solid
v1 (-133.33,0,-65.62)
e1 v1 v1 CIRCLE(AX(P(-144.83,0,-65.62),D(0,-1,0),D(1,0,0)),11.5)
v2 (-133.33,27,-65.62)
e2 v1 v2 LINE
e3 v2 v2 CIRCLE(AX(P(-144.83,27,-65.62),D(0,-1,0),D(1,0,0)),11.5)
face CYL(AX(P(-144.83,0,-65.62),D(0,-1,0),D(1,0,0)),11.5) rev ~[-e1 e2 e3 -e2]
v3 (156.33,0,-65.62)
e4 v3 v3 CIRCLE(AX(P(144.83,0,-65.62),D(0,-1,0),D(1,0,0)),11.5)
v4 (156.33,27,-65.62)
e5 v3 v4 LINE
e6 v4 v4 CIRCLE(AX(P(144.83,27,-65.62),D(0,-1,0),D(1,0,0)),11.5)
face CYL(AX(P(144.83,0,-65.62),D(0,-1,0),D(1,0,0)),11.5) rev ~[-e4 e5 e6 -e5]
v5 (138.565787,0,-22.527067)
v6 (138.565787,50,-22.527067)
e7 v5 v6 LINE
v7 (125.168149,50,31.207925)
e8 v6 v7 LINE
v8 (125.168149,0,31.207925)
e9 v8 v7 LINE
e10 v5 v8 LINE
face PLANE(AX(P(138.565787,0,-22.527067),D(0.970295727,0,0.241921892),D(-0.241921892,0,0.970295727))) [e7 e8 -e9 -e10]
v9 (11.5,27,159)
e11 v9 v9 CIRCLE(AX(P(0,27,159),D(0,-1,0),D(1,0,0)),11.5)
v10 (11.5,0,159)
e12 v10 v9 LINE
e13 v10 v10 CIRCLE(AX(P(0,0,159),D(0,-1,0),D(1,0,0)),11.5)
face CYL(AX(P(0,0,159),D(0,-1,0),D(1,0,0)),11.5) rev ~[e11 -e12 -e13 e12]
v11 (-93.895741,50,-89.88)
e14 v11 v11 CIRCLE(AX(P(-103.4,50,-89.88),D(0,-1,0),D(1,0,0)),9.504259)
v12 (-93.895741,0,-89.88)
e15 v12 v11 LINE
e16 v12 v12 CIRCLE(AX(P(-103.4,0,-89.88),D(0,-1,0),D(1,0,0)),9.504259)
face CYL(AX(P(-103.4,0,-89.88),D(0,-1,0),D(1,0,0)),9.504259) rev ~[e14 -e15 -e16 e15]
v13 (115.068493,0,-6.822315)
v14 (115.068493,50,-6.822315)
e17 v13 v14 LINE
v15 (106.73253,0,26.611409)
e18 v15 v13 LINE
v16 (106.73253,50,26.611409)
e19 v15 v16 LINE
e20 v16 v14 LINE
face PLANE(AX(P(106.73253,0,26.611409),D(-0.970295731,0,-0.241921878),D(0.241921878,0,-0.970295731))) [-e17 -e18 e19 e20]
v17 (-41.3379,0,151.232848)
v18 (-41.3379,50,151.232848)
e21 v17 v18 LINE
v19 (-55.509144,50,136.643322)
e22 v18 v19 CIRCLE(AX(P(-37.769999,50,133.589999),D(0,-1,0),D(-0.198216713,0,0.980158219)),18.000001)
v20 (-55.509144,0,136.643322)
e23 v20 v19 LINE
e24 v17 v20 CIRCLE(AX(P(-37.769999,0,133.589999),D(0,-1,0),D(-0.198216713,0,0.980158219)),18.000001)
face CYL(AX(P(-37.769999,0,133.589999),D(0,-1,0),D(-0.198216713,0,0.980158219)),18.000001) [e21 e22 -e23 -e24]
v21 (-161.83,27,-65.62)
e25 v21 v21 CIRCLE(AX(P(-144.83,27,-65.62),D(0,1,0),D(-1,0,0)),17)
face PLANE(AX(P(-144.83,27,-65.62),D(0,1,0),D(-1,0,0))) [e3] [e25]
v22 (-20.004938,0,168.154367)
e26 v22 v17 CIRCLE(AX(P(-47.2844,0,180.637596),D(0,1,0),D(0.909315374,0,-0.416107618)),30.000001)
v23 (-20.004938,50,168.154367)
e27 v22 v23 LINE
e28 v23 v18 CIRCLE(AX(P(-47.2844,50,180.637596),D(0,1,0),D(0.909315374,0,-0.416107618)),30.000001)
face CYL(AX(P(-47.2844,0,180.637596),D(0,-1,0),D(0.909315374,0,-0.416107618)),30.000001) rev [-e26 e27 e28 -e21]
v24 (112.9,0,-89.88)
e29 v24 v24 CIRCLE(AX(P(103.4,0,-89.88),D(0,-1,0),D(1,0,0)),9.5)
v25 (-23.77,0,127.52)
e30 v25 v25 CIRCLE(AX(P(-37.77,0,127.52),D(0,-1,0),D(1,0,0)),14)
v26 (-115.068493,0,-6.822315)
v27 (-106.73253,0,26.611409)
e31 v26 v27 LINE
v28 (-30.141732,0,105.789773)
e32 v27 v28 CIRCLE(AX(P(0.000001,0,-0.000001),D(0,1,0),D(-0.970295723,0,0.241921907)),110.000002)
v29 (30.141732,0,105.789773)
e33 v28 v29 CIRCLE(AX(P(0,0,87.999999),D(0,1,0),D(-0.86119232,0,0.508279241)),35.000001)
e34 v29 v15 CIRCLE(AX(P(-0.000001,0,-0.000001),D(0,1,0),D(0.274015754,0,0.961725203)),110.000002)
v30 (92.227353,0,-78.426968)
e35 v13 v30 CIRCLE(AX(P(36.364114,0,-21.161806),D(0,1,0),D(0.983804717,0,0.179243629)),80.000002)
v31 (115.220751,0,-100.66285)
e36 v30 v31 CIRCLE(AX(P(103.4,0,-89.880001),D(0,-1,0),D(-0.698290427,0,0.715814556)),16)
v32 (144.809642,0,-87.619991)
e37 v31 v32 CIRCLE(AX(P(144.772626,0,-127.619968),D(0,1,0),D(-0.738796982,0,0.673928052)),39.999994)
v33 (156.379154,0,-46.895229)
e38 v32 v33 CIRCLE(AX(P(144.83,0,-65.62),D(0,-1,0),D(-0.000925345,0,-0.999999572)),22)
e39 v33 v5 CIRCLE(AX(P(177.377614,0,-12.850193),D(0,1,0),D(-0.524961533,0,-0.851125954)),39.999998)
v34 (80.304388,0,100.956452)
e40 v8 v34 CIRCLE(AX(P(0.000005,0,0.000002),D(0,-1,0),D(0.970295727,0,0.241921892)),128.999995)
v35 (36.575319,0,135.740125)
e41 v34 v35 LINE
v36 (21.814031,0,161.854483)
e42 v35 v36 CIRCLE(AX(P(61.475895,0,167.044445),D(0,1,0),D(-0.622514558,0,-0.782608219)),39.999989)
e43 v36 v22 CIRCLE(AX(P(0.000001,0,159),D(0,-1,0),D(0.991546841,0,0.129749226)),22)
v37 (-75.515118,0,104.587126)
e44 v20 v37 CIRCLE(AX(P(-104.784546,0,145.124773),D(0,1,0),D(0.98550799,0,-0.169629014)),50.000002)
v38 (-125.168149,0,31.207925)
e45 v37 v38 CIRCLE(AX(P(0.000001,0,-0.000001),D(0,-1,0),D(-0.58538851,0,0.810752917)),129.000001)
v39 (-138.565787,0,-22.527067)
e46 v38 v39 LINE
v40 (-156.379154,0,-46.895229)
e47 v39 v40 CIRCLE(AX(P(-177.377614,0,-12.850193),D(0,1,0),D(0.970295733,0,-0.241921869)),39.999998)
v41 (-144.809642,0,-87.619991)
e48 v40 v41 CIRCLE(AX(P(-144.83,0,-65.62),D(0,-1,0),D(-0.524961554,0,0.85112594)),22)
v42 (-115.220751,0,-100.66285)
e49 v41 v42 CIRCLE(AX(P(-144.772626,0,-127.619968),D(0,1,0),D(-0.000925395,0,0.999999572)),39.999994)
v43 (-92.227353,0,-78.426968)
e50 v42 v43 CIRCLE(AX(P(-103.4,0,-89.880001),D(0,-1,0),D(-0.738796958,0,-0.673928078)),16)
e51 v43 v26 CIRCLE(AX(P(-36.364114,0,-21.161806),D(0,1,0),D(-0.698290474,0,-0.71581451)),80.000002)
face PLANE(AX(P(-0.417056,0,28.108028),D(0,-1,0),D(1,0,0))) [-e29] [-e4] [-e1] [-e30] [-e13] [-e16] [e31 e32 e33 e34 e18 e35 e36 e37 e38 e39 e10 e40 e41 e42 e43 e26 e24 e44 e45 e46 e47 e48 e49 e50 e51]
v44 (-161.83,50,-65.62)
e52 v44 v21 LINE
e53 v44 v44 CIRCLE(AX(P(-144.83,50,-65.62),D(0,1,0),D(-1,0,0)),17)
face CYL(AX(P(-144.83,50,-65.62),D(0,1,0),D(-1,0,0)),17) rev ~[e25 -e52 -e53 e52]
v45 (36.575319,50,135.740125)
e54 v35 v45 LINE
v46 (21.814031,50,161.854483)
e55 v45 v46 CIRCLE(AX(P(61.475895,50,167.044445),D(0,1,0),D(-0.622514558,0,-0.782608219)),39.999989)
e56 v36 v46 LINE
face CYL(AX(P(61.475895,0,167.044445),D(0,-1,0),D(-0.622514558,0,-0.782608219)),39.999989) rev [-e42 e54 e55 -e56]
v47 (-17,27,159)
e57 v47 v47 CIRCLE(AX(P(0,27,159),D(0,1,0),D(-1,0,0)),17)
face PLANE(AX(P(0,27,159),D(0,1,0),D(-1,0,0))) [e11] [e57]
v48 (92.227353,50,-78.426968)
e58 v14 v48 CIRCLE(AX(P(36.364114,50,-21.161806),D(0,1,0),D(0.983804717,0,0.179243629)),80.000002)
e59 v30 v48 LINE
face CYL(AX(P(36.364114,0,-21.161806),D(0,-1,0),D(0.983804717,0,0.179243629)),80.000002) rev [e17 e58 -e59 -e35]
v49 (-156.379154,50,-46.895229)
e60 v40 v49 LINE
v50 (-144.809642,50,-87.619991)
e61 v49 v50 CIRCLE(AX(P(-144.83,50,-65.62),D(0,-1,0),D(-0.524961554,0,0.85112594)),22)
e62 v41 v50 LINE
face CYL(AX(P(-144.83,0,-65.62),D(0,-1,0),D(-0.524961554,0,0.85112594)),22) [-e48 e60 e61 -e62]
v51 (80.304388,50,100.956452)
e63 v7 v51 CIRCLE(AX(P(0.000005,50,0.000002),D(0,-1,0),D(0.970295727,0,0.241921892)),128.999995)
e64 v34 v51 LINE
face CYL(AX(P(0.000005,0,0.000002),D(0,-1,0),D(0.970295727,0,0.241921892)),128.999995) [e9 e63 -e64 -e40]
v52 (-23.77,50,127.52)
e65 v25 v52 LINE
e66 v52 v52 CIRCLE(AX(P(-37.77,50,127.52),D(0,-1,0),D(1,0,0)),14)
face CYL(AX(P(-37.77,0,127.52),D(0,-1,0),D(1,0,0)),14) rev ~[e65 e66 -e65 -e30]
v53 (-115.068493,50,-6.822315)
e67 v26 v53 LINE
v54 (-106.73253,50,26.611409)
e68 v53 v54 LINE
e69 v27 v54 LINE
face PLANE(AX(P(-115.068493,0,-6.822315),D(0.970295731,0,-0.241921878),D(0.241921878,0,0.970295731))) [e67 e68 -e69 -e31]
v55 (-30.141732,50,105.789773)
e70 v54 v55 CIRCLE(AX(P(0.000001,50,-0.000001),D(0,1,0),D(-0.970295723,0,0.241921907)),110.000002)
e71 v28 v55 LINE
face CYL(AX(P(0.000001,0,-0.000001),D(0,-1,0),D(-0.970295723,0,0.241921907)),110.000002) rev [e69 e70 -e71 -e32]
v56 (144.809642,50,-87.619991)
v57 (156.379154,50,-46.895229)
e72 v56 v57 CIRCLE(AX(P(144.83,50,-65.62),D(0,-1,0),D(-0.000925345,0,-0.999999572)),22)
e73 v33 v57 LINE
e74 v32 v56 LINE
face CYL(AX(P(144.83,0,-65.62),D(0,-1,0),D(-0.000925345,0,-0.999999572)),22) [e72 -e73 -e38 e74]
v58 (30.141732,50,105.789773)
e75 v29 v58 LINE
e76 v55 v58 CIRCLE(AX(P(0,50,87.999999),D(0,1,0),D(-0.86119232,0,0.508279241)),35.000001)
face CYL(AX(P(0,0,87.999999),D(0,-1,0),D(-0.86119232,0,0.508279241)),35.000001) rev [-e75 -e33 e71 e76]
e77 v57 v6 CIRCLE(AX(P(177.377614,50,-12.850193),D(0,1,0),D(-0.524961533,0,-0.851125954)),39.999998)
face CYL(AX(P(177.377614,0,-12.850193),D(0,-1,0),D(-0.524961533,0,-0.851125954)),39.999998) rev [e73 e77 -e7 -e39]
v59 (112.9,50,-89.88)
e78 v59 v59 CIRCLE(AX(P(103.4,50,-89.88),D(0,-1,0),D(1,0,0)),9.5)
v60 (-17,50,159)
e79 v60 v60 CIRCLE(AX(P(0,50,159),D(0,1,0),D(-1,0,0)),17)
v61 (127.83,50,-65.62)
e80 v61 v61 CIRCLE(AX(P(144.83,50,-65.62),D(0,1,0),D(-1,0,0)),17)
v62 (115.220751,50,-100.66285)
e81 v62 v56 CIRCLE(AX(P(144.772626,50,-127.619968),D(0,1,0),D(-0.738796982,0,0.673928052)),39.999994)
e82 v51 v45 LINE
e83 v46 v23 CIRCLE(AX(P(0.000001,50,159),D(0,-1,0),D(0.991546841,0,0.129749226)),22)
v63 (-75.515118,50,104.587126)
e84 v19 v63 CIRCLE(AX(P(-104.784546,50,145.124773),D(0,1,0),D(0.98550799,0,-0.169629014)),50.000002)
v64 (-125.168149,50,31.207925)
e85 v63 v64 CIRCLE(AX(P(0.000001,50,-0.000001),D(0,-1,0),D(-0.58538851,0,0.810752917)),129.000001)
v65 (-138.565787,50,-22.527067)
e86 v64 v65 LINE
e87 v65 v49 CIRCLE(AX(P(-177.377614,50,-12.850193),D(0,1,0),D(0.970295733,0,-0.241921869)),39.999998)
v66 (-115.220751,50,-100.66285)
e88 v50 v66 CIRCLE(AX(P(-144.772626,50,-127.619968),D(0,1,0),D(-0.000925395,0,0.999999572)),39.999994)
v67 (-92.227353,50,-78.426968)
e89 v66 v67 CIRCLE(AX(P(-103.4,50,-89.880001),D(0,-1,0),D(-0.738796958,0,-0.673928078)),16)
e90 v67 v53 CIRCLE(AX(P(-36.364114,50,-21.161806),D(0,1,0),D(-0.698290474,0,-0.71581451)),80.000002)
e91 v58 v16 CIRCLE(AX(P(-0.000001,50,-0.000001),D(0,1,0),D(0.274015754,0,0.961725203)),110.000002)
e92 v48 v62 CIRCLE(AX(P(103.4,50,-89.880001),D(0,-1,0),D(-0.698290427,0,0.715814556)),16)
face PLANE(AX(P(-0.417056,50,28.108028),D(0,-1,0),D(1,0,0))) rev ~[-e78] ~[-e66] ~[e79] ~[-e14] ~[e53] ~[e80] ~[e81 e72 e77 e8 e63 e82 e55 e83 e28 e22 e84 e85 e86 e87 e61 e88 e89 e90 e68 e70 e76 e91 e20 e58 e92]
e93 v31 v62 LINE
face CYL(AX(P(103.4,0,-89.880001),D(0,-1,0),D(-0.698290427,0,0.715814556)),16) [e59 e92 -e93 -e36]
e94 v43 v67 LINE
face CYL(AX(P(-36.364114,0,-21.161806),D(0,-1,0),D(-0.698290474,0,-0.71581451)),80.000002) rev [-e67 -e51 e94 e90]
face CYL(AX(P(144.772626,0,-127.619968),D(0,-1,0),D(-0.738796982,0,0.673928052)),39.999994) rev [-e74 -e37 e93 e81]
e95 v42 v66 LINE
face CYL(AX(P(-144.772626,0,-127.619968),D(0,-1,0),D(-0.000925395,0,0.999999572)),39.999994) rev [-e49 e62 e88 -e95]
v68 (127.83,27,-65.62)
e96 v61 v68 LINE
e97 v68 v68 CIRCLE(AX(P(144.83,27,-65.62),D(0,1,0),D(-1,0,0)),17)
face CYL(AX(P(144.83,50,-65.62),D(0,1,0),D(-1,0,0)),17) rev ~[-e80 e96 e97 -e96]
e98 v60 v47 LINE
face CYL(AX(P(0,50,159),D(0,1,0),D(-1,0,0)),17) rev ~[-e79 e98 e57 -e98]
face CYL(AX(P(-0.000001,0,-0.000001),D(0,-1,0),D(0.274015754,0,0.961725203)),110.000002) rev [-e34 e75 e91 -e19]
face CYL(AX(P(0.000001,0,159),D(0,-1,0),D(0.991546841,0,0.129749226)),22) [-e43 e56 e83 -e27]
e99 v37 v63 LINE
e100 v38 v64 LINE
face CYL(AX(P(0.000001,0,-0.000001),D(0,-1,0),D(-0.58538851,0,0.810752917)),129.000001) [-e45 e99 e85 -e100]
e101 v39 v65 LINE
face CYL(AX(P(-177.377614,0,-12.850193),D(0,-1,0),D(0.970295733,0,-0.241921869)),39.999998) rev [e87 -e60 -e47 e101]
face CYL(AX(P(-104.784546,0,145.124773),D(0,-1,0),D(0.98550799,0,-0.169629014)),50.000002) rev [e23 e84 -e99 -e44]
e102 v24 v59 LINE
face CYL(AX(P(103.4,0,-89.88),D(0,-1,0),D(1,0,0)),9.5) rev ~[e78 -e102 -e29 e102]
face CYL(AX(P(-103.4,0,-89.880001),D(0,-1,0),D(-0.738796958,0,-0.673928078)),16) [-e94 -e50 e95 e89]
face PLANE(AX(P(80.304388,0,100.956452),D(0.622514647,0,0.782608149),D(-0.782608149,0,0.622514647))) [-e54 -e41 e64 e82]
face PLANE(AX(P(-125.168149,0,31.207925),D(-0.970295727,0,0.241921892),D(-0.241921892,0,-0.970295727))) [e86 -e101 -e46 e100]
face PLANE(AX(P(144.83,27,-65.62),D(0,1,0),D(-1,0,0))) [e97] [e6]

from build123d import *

# Parameters (mm, degrees)
F1_DEPTH = 50
F2_R     = 11.5
F3_DEPTH = 64
F4_R     = 14
F5_DEPTH = 62
F6_R     = 9.504259
F6_R_2   = 9.5
F7_DEPTH = 58
F8_R     = 17
F9_DEPTH = 23


with BuildPart() as f1:
    # F0 (on Front) → F1 (new body)
    with BuildSketch(Plane.XZ):
        with BuildLine():
            ThreePointArc((-106.73253, 26.611409), (-79.062913, 76.47912), (-30.141732, 105.789773))
            ThreePointArc((-30.141732, 105.789773), (0, 123), (30.141732, 105.789773))
            ThreePointArc((30.141732, 105.789773), (79.062913, 76.47912), (106.73253, 26.611409))
            Line((106.73253, 26.611409), (115.068493, -6.822315))
            ThreePointArc((115.068493, -6.822315), (112.580369, -45.473999), (92.227353, -78.426968))
            ThreePointArc((92.227353, -78.426968), (92.277337, -101.381582), (115.220751, -100.66285))
            ThreePointArc((115.220751, -100.66285), (128.638477, -91.018209), (144.809642, -87.619991))
            ThreePointArc((144.809642, -87.619991), (165.992581, -71.632085), (156.379154, -46.895229))
            ThreePointArc((156.379154, -46.895229), (145.085673, -36.45592), (138.565787, -22.527067))
            Line((138.565787, -22.527067), (125.168149, 31.207925))
            ThreePointArc((125.168149, 31.207925), (108.494033, 69.785707), (80.304388, 100.956452))
            Line((80.304388, 100.956452), (36.575319, 135.740125))
            ThreePointArc((36.575319, 135.740125), (26.653961, 147.361151), (21.814031, 161.854483))
            ThreePointArc((21.814031, 161.854483), (3.277246, 180.754532), (-20.004938, 168.154367))
            ThreePointArc((-20.004938, 168.154367), (-28.641021, 157.133884), (-41.3379, 151.232848))
            ThreePointArc((-41.3379, 151.232848), (-50.681665, 146.131487), (-55.509144, 136.643322))
            ThreePointArc((-55.509144, 136.643322), (-62.367303, 118.652566), (-75.515118, 104.587126))
            ThreePointArc((-75.515118, 104.587126), (-106.838992, 72.294051), (-125.168149, 31.207925))
            Line((-125.168149, 31.207925), (-138.565787, -22.527067))
            ThreePointArc((-138.565787, -22.527067), (-145.085673, -36.45592), (-156.379154, -46.895229))
            ThreePointArc((-156.379154, -46.895229), (-165.992581, -71.632085), (-144.809642, -87.619991))
            ThreePointArc((-144.809642, -87.619991), (-128.638477, -91.018209), (-115.220751, -100.66285))
            ThreePointArc((-115.220751, -100.66285), (-92.277337, -101.381582), (-92.227353, -78.426968))
            ThreePointArc((-92.227353, -78.426968), (-112.580369, -45.473999), (-115.068493, -6.822315))
            Line((-115.068493, -6.822315), (-106.73253, 26.611409))
        make_face()
    extrude(amount=-F1_DEPTH)

    # F2 (on Front) → F3 (cut)
    with BuildSketch(Plane.XZ):
        with Locations((0, 159)):
            Circle(F2_R)
        with Locations((144.83, -65.62)):
            Circle(F2_R)
        with Locations((-144.83, -65.62)):
            Circle(F2_R)
    extrude(amount=-F3_DEPTH, mode=Mode.SUBTRACT)

    # F4 (on Front) → F5 (cut)
    with BuildSketch(Plane.XZ):
        with Locations((-37.77, 127.52)):
            Circle(F4_R)
    extrude(amount=-F5_DEPTH, mode=Mode.SUBTRACT)

    # F6 (on Front) → F7 (cut)
    with BuildSketch(Plane.XZ):
        with Locations((-103.4, -89.88)):
            Circle(F6_R)
        with Locations((103.4, -89.88)):
            Circle(F6_R_2)
    extrude(amount=-F7_DEPTH, mode=Mode.SUBTRACT)

    # F8 (on face) → F9 (cut)
    with BuildSketch(Plane(origin=(0, 50, 0), x_dir=(-1, 0, 0), z_dir=(0, 1, 0))):
        with Locations((-144.83, -65.62)):
            Circle(F8_R)
        with Locations((144.83, -65.62)):
            Circle(F8_R)
        with Locations((0, 159)):
            Circle(F8_R)
    extrude(amount=-F9_DEPTH, mode=Mode.SUBTRACT)


solid = f1.part
